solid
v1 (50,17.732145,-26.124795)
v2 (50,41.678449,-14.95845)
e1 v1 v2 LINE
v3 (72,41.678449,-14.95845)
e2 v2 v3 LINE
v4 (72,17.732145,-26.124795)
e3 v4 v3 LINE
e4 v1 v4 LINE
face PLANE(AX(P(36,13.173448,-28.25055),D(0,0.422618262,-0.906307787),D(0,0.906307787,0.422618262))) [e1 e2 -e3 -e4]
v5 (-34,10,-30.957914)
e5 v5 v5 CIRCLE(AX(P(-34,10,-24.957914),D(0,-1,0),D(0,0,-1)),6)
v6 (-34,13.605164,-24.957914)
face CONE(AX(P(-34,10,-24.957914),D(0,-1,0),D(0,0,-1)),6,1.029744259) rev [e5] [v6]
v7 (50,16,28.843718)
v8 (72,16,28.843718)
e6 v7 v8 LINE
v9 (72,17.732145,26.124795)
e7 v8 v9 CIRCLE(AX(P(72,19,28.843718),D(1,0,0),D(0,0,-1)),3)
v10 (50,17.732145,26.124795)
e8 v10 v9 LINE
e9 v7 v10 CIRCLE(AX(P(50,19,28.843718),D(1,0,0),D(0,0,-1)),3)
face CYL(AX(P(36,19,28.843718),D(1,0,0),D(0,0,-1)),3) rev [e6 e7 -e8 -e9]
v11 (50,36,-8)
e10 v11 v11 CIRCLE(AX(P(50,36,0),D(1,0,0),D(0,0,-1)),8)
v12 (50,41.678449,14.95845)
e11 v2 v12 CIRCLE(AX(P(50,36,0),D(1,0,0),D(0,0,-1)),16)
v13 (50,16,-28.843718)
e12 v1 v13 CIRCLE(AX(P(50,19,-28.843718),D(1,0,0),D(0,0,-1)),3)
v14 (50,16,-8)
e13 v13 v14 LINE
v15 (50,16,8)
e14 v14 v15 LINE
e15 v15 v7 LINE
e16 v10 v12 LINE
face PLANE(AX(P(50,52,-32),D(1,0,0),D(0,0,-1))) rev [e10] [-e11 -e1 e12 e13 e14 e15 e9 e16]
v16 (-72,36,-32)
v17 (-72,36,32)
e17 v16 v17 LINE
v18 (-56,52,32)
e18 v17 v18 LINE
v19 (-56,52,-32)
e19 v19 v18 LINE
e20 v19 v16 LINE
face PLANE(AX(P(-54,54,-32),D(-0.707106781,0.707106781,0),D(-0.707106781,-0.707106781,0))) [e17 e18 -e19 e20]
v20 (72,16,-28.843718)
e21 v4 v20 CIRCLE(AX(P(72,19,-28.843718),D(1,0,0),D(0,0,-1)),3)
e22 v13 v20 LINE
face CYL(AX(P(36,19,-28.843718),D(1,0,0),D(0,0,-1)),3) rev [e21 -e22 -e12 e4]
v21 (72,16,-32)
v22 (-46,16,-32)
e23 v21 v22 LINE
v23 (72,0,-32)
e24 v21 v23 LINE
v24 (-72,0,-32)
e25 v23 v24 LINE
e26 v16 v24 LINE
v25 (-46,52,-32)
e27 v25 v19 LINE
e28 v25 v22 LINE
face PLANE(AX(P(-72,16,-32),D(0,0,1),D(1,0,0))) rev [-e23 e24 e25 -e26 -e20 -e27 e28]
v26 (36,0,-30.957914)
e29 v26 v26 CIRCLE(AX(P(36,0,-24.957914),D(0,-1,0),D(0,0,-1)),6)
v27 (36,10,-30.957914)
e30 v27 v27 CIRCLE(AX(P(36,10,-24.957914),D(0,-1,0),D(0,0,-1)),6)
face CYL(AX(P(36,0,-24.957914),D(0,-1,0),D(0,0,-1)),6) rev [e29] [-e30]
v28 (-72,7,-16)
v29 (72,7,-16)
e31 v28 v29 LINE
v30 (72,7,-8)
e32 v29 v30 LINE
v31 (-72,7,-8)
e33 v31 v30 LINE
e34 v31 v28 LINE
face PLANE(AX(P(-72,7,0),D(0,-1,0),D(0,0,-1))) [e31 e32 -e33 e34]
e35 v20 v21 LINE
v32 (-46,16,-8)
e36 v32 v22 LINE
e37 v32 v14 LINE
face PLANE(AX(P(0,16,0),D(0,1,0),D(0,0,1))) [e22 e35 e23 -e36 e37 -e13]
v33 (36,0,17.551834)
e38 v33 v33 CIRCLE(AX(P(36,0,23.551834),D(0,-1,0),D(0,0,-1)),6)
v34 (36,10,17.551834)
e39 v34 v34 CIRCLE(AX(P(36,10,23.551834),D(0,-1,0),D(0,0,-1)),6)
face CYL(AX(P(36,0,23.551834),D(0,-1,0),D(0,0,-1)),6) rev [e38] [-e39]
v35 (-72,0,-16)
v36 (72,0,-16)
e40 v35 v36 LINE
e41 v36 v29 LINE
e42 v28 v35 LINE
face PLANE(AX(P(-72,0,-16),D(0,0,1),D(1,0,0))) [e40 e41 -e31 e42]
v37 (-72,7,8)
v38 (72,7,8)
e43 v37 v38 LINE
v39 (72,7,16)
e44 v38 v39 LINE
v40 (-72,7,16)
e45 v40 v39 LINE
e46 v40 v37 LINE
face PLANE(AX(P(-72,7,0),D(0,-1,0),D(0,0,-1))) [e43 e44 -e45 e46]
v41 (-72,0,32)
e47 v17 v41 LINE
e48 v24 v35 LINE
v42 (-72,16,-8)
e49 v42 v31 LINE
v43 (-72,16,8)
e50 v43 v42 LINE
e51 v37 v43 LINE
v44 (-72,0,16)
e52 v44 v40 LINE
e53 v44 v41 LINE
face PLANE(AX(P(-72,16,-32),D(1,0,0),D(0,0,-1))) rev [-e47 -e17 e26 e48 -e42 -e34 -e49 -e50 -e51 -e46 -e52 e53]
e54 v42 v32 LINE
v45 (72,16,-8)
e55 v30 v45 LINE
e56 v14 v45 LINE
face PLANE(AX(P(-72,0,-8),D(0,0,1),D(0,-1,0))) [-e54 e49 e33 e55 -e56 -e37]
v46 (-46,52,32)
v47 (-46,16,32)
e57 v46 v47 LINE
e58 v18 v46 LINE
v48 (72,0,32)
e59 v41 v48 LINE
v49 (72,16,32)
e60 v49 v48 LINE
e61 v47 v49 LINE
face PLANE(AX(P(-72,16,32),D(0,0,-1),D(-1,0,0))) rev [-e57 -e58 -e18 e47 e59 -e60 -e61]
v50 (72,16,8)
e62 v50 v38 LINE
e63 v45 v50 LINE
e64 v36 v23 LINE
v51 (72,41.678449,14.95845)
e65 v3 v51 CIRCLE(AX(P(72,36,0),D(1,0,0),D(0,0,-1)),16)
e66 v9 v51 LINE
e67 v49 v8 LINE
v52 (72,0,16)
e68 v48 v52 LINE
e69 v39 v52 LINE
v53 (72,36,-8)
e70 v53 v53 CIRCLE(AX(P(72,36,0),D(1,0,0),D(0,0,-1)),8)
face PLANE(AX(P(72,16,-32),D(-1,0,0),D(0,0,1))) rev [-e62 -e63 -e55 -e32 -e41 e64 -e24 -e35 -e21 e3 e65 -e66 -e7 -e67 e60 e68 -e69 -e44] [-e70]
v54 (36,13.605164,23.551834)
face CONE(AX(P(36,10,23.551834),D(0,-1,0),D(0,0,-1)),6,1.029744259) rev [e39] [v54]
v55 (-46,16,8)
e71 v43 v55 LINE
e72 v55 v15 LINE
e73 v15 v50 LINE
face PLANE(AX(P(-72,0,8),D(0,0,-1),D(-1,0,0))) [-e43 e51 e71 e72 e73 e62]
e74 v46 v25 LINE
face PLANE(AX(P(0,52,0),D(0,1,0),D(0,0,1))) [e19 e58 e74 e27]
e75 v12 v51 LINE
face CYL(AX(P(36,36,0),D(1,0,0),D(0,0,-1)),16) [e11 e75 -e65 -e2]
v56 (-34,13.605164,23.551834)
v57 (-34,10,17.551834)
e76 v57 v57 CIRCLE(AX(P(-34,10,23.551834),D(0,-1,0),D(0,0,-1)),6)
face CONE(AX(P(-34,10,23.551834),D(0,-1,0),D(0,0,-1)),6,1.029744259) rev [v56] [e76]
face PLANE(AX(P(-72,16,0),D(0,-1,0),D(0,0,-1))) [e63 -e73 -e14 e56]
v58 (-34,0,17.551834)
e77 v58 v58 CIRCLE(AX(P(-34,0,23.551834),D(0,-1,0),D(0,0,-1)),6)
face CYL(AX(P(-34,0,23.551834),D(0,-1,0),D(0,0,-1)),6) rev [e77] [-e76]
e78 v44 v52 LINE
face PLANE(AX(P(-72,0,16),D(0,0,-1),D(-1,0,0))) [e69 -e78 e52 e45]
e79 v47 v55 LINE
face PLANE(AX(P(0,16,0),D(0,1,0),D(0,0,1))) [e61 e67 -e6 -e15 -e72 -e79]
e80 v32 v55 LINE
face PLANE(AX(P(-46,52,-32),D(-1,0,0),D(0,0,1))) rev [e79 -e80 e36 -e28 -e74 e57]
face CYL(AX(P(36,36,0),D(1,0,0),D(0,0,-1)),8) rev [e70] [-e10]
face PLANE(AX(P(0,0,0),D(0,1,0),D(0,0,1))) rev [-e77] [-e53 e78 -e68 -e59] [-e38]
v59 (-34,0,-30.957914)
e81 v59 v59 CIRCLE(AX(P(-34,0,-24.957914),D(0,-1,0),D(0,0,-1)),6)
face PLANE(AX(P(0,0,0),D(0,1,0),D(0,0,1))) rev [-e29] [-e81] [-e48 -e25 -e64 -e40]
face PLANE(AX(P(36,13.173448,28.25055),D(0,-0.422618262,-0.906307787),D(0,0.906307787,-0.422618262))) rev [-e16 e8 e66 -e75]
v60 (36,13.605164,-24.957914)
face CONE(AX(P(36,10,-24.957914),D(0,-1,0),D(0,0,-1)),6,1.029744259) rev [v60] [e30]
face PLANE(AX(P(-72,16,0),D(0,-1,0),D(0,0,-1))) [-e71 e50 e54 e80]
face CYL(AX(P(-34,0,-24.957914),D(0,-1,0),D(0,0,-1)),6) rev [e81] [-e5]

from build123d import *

# Parameters (mm, degrees)
SKETCH1_W                  = 144
SKETCH1_H                  = 64
BOSS_EXTRUDE1_DEPTH        = 16
SKETCH2_W                  = 26
SKETCH2_H                  = 64
BOSS_EXTRUDE2_DEPTH        = 36
CUT_EXTRUDE1_DEPTH         = 1
CUT_EXTRUDE1_DEPTH_BACK    = 65
SKETCH4_W                  = 22
SKETCH4_H                  = 64
BOSS_EXTRUDE3_DEPTH        = 36
CUT_EXTRUDE2_DEPTH         = 1
CUT_EXTRUDE2_DEPTH_BACK    = 145
SKETCH6_R                  = 8
CUT_EXTRUDE3_DEPTH         = 36
F_12_0MM_DOWEL_HOLE1_D     = 12
F_12_0MM_DOWEL_HOLE1_DEPTH = 10
F_12_0MM_DOWEL_HOLE1_TIP   = 3.605163714


with BuildPart() as part:
    # Sketch1 → Boss-Extrude1 (new body)
    with BuildSketch(Plane(origin=(0, 0, 0), x_dir=(1, 0, 0), z_dir=(0, 1, 0))):
        Rectangle(SKETCH1_W, SKETCH1_H)
    extrude(amount=BOSS_EXTRUDE1_DEPTH)

    # Sketch2 → Boss-Extrude2 (add)
    with BuildSketch(Plane(origin=(0, 16, 0), x_dir=(1, 0, 0), z_dir=(0, 1, 0))):
        with Locations((-59, 0)):
            Rectangle(SKETCH2_W, SKETCH2_H)
    extrude(amount=BOSS_EXTRUDE2_DEPTH)

    # Sketch3 → Cut-Extrude1 (cut, two sides)
    with BuildSketch(Plane.XY.offset(32)) as cut_extrude1_sk:
        Polygon((-72, 36), (-56, 52), (-72, 52), align=None)
    extrude(amount=CUT_EXTRUDE1_DEPTH, mode=Mode.SUBTRACT)
    extrude(cut_extrude1_sk.sketch, amount=-CUT_EXTRUDE1_DEPTH_BACK, mode=Mode.SUBTRACT)

    # Sketch4 → Boss-Extrude3 (add)
    with BuildSketch(Plane(origin=(0, 16, 0), x_dir=(1, 0, 0), z_dir=(0, 1, 0))):
        with Locations((61, 0)):
            Rectangle(SKETCH4_W, SKETCH4_H)
    extrude(amount=BOSS_EXTRUDE3_DEPTH)

    # Sketch5 → Cut-Extrude2 (cut, two sides)
    with BuildSketch(Plane(origin=(72, 0, 0), x_dir=(0, 0, -1), z_dir=(1, 0, 0))) as cut_extrude2_sk:
        Polygon((-16, 7), (-16, 0), (16, 0), (16, 7), (8, 7), (8, 16), (-8, 16), (-8, 7), align=None)
    extrude(amount=CUT_EXTRUDE2_DEPTH, mode=Mode.SUBTRACT)
    extrude(cut_extrude2_sk.sketch, amount=-CUT_EXTRUDE2_DEPTH_BACK, mode=Mode.SUBTRACT)

    # Sketch6 → Cut-Extrude3 (cut)
    with BuildSketch(Plane(origin=(72, 0, 0), x_dir=(0, 0, -1), z_dir=(1, 0, 0))):
        with BuildLine():
            Line((-32, 52), (-32, 16))
            Line((-32, 16), (-28.843717868, 16))
            ThreePointArc((-28.843717868, 16), (-27.231819043, 16.469825663), (-26.124794507, 17.732145215))
            Line((-26.124794507, 17.732145215), (-14.958449756, 41.678448811))
            ThreePointArc((-14.958449756, 41.678448811), (-9.086936164, 49.169190983), (8.8e-08, 52))
            Line((8.8e-08, 52), (-32, 52))
        make_face()
        with Locations((0, 36)):
            Circle(SKETCH6_R)
        with BuildLine():
            Line((32, 52), (8.8e-08, 52))
            ThreePointArc((8.8e-08, 52), (9.086936237, 49.169190933), (14.958449756, 41.678448811))
            Line((14.958449756, 41.678448811), (26.124794507, 17.732145215))
            ThreePointArc((26.124794507, 17.732145215), (27.231819043, 16.469825663), (28.843717868, 16))
            Line((28.843717868, 16), (32, 16))
            Line((32, 16), (32, 52))
        make_face()
    extrude(amount=-CUT_EXTRUDE3_DEPTH, mode=Mode.SUBTRACT)

    # Ø12.0mm Dowel Hole1
    with Locations(Plane(origin=(0, 0, 0), x_dir=(-1, 0, 0), z_dir=(0, -1, 0))):
        with Locations((34, -23.551834062), (-36, -23.551834062), (-36, 24.957913708), (34, 24.957913708)):
            Hole(F_12_0MM_DOWEL_HOLE1_D / 2, depth=F_12_0MM_DOWEL_HOLE1_DEPTH)
            with Locations((0, 0, -(F_12_0MM_DOWEL_HOLE1_DEPTH + F_12_0MM_DOWEL_HOLE1_TIP / 2))):  # 118° drill point
                Cone(0, F_12_0MM_DOWEL_HOLE1_D / 2, F_12_0MM_DOWEL_HOLE1_TIP, mode=Mode.SUBTRACT)


solid = part.part
